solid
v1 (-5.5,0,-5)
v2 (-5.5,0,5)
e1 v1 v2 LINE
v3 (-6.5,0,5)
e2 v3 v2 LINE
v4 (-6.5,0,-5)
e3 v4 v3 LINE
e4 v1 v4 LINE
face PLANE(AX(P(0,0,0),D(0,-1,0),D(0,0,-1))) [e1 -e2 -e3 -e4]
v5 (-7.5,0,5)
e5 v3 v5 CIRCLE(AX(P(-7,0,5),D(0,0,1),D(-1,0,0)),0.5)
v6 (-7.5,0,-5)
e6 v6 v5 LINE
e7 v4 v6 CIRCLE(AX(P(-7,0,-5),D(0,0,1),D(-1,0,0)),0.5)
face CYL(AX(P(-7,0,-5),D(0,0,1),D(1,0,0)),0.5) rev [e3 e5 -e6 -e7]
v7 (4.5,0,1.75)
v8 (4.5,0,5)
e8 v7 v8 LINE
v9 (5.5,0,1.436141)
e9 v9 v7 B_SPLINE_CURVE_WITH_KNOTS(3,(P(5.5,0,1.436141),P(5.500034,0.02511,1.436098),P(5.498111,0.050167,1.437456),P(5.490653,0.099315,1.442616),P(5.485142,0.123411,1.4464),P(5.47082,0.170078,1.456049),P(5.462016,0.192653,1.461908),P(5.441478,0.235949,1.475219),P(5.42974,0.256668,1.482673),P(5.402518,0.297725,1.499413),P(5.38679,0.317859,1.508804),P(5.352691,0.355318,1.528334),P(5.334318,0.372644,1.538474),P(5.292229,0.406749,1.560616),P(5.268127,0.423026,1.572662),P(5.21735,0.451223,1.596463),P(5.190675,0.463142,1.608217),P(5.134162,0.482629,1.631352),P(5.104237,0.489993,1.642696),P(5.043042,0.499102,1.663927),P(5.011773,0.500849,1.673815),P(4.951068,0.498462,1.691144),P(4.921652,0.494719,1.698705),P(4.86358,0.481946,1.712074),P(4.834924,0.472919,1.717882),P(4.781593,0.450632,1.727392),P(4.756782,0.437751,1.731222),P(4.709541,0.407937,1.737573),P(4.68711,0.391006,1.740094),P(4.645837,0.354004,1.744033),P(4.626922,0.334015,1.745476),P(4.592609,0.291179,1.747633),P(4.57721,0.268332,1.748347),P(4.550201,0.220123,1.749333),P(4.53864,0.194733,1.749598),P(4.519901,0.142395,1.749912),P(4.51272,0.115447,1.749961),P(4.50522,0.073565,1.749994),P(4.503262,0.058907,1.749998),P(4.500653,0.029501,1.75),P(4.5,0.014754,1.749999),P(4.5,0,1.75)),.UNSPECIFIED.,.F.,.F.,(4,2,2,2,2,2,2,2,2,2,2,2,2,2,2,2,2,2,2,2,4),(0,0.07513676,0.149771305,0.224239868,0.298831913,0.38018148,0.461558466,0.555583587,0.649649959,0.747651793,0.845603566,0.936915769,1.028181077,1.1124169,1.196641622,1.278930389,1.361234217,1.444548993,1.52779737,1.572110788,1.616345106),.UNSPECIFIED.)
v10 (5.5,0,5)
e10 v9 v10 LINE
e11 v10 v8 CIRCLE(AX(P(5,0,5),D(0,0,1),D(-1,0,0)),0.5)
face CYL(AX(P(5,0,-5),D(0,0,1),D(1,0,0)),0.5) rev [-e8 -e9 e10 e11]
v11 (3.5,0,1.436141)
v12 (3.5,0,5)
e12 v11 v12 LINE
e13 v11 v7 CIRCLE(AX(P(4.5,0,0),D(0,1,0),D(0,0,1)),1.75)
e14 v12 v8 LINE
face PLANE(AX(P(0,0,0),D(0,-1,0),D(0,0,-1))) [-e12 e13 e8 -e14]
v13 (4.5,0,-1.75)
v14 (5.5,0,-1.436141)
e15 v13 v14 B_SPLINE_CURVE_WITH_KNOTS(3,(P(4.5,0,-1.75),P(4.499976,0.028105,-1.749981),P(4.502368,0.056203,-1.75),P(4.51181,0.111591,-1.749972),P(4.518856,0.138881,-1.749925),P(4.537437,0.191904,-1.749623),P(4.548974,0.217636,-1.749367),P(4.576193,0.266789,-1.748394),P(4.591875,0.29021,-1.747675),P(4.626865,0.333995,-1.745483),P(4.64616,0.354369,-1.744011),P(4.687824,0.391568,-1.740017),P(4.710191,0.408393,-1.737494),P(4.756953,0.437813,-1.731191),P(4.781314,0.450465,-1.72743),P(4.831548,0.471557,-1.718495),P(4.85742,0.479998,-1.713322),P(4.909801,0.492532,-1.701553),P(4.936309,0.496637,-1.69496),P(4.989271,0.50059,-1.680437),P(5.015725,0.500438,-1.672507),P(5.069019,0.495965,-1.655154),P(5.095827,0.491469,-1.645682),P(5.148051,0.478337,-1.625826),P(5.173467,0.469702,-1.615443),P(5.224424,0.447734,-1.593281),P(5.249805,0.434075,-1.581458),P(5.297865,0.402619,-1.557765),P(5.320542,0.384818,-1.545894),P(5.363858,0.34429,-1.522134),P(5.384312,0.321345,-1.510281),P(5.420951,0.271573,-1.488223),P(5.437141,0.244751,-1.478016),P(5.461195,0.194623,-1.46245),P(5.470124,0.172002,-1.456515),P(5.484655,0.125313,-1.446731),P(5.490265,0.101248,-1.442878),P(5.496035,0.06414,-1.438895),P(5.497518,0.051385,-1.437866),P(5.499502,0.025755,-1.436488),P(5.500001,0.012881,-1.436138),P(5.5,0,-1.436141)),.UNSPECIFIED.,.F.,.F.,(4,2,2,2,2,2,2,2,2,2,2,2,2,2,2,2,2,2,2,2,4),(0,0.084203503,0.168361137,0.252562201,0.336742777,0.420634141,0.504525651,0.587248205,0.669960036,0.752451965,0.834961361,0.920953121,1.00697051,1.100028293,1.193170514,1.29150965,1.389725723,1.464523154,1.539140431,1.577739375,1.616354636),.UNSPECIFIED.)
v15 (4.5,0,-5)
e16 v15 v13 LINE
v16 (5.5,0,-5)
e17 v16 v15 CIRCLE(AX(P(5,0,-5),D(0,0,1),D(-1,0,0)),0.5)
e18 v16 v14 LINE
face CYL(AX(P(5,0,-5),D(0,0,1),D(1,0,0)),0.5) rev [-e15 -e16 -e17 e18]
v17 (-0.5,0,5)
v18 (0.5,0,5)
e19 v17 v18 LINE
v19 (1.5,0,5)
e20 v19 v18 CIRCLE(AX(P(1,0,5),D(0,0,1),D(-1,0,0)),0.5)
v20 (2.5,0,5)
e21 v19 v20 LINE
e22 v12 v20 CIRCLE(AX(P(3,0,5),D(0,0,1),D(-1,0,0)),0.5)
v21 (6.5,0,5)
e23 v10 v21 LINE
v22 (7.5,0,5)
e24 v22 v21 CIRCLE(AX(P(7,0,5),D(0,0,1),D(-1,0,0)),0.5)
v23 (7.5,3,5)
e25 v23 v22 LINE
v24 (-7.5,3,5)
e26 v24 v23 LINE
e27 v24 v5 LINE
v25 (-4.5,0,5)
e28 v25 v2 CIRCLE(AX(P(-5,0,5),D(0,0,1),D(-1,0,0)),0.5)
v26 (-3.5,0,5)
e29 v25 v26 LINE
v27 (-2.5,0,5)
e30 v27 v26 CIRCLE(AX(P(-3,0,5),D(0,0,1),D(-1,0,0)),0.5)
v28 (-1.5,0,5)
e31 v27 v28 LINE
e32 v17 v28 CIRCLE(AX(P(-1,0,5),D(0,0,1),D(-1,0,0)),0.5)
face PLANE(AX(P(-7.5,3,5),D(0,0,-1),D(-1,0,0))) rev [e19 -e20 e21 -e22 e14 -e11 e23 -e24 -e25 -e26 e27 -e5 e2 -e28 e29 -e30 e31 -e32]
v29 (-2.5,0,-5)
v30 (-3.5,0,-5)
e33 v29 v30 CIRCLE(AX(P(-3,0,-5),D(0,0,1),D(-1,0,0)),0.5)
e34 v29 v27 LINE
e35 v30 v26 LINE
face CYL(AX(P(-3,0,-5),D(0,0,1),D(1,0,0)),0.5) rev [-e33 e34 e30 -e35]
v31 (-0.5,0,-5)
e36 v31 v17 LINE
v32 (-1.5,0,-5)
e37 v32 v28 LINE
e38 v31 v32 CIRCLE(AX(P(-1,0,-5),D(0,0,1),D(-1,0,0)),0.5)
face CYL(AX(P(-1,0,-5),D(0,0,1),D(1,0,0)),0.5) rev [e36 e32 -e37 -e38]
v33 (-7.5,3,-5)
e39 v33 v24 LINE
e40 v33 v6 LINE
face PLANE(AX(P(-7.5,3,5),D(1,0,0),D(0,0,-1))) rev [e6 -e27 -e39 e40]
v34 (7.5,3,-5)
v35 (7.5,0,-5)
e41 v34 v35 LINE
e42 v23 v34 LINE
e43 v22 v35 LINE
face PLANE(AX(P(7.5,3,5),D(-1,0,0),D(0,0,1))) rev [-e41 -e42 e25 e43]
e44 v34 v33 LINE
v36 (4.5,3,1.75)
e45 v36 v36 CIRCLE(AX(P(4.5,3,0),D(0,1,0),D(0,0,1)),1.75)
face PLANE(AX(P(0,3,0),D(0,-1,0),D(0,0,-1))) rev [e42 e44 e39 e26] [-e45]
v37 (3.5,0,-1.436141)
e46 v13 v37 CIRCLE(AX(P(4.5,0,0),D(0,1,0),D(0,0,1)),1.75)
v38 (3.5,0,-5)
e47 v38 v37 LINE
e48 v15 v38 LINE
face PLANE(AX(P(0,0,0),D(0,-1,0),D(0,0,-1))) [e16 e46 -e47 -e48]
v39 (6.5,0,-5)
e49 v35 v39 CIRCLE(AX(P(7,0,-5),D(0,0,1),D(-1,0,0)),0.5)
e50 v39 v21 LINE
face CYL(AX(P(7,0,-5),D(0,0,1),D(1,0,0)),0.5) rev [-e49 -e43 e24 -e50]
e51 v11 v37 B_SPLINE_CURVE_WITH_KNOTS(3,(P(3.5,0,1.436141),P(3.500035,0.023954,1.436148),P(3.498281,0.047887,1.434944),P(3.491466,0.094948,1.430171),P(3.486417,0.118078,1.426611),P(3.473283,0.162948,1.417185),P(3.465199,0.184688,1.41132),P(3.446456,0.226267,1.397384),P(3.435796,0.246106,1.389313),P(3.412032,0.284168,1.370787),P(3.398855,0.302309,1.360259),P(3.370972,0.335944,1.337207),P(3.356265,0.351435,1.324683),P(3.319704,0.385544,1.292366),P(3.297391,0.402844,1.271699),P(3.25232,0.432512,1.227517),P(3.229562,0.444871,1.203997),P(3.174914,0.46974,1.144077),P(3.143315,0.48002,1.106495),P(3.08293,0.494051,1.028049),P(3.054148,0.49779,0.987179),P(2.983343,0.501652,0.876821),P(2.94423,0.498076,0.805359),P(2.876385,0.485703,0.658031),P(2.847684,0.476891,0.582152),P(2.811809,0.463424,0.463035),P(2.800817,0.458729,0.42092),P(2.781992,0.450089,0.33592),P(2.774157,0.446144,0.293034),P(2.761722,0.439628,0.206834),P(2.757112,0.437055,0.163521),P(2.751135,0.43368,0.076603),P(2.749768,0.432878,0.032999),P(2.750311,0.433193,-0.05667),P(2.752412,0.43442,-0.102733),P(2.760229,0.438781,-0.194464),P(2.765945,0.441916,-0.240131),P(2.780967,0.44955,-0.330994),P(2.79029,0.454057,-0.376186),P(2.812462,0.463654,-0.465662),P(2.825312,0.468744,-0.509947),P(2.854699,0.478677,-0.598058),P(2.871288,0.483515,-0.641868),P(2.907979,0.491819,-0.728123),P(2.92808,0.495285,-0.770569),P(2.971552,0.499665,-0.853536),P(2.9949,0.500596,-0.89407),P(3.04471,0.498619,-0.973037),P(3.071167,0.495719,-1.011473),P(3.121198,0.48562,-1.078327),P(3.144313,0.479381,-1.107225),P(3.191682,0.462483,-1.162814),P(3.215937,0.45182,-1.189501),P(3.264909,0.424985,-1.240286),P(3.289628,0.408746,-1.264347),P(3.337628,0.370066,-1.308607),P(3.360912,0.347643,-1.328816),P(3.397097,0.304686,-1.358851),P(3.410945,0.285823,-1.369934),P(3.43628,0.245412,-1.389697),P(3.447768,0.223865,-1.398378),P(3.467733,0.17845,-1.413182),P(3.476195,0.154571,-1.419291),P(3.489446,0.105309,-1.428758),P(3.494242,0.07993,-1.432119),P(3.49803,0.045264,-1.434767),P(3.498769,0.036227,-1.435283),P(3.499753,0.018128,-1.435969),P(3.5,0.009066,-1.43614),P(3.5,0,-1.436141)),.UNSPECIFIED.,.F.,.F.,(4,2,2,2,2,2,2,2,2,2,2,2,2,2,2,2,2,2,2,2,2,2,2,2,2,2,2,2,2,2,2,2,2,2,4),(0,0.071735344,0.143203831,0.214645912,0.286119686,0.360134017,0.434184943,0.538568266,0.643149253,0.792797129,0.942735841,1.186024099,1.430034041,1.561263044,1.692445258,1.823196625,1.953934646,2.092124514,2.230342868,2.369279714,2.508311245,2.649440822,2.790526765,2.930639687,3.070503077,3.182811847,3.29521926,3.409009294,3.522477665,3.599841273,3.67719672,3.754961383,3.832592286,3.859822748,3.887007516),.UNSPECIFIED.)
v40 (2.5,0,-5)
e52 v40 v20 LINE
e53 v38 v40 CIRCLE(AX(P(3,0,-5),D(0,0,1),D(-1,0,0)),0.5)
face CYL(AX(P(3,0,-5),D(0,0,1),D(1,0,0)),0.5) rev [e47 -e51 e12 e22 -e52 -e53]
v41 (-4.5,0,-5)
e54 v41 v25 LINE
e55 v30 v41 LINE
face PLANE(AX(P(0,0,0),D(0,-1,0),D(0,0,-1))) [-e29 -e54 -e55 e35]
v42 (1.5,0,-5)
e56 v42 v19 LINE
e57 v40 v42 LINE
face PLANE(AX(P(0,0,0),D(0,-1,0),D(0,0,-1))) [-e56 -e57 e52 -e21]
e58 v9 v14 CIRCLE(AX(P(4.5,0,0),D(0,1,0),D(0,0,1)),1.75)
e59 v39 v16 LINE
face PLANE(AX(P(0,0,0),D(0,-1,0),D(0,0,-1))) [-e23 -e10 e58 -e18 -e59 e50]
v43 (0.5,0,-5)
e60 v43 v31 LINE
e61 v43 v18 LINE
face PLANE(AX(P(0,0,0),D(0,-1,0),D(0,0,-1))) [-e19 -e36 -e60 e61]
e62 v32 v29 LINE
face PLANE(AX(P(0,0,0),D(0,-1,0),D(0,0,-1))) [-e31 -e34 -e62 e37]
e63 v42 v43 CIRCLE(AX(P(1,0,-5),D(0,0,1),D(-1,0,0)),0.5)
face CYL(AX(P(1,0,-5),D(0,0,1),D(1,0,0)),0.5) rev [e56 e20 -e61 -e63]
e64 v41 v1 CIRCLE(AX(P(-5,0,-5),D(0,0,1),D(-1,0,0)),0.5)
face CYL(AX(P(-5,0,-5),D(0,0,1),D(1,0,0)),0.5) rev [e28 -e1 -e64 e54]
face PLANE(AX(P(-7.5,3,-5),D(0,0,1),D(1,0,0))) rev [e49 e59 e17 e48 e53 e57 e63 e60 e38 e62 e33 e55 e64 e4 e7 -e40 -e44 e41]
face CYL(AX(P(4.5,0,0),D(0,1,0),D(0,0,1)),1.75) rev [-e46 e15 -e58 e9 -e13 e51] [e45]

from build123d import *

# Parameters (mm, degrees)
SKETCH1_W           = 15
SKETCH1_H           = 10
BOSS_EXTRUDE1_DEPTH = 3
SKETCH2_R           = 1.75
CUT_EXTRUDE1_DEPTH  = 10.5
CUT_EXTRUDE2_DEPTH  = 13.854960132
LPATTERN1_COUNT     = 7
LPATTERN1_PITCH     = 2


with BuildPart() as part:
    # Sketch1 → Boss-Extrude1 (new body)
    with BuildSketch(Plane(origin=(0, 0, 0), x_dir=(1, 0, 0), z_dir=(0, 1, 0))):
        Rectangle(SKETCH1_W, SKETCH1_H)
    extrude(amount=BOSS_EXTRUDE1_DEPTH)

    # Sketch2 → Cut-Extrude1 (cut, through all)
    with BuildSketch(Plane(origin=(0, 3, 0), x_dir=(1, 0, 0), z_dir=(0, 1, 0))):
        with Locations(Location((4.5, 0, 0), (0, 0, 270))):
            Circle(SKETCH2_R)
    extrude(amount=-CUT_EXTRUDE1_DEPTH, mode=Mode.SUBTRACT)

    # Sketch3 → Cut-Extrude2 (cut, through all)
    with BuildSketch(Plane.XY.offset(5)):
        with BuildLine():
            Line((-7.5, 0), (-6.5, 0))
            ThreePointArc((-6.5, 0), (-7, 0.5), (-7.5, 0))
        make_face()
        with BuildLine():
            Line((-5.5, 0), (-4.5, 0))
            ThreePointArc((-4.5, 0), (-5, 0.5), (-5.5, 0))
        make_face()
    cut_extrude2 = extrude(amount=-CUT_EXTRUDE2_DEPTH, mode=Mode.SUBTRACT)

    # LPattern1: Cut-Extrude2 ×7
    with Locations(*[(i * LPATTERN1_PITCH, 0, 0) for i in range(1, LPATTERN1_COUNT)]):
        add(cut_extrude2, mode=Mode.SUBTRACT)


solid = part.part
